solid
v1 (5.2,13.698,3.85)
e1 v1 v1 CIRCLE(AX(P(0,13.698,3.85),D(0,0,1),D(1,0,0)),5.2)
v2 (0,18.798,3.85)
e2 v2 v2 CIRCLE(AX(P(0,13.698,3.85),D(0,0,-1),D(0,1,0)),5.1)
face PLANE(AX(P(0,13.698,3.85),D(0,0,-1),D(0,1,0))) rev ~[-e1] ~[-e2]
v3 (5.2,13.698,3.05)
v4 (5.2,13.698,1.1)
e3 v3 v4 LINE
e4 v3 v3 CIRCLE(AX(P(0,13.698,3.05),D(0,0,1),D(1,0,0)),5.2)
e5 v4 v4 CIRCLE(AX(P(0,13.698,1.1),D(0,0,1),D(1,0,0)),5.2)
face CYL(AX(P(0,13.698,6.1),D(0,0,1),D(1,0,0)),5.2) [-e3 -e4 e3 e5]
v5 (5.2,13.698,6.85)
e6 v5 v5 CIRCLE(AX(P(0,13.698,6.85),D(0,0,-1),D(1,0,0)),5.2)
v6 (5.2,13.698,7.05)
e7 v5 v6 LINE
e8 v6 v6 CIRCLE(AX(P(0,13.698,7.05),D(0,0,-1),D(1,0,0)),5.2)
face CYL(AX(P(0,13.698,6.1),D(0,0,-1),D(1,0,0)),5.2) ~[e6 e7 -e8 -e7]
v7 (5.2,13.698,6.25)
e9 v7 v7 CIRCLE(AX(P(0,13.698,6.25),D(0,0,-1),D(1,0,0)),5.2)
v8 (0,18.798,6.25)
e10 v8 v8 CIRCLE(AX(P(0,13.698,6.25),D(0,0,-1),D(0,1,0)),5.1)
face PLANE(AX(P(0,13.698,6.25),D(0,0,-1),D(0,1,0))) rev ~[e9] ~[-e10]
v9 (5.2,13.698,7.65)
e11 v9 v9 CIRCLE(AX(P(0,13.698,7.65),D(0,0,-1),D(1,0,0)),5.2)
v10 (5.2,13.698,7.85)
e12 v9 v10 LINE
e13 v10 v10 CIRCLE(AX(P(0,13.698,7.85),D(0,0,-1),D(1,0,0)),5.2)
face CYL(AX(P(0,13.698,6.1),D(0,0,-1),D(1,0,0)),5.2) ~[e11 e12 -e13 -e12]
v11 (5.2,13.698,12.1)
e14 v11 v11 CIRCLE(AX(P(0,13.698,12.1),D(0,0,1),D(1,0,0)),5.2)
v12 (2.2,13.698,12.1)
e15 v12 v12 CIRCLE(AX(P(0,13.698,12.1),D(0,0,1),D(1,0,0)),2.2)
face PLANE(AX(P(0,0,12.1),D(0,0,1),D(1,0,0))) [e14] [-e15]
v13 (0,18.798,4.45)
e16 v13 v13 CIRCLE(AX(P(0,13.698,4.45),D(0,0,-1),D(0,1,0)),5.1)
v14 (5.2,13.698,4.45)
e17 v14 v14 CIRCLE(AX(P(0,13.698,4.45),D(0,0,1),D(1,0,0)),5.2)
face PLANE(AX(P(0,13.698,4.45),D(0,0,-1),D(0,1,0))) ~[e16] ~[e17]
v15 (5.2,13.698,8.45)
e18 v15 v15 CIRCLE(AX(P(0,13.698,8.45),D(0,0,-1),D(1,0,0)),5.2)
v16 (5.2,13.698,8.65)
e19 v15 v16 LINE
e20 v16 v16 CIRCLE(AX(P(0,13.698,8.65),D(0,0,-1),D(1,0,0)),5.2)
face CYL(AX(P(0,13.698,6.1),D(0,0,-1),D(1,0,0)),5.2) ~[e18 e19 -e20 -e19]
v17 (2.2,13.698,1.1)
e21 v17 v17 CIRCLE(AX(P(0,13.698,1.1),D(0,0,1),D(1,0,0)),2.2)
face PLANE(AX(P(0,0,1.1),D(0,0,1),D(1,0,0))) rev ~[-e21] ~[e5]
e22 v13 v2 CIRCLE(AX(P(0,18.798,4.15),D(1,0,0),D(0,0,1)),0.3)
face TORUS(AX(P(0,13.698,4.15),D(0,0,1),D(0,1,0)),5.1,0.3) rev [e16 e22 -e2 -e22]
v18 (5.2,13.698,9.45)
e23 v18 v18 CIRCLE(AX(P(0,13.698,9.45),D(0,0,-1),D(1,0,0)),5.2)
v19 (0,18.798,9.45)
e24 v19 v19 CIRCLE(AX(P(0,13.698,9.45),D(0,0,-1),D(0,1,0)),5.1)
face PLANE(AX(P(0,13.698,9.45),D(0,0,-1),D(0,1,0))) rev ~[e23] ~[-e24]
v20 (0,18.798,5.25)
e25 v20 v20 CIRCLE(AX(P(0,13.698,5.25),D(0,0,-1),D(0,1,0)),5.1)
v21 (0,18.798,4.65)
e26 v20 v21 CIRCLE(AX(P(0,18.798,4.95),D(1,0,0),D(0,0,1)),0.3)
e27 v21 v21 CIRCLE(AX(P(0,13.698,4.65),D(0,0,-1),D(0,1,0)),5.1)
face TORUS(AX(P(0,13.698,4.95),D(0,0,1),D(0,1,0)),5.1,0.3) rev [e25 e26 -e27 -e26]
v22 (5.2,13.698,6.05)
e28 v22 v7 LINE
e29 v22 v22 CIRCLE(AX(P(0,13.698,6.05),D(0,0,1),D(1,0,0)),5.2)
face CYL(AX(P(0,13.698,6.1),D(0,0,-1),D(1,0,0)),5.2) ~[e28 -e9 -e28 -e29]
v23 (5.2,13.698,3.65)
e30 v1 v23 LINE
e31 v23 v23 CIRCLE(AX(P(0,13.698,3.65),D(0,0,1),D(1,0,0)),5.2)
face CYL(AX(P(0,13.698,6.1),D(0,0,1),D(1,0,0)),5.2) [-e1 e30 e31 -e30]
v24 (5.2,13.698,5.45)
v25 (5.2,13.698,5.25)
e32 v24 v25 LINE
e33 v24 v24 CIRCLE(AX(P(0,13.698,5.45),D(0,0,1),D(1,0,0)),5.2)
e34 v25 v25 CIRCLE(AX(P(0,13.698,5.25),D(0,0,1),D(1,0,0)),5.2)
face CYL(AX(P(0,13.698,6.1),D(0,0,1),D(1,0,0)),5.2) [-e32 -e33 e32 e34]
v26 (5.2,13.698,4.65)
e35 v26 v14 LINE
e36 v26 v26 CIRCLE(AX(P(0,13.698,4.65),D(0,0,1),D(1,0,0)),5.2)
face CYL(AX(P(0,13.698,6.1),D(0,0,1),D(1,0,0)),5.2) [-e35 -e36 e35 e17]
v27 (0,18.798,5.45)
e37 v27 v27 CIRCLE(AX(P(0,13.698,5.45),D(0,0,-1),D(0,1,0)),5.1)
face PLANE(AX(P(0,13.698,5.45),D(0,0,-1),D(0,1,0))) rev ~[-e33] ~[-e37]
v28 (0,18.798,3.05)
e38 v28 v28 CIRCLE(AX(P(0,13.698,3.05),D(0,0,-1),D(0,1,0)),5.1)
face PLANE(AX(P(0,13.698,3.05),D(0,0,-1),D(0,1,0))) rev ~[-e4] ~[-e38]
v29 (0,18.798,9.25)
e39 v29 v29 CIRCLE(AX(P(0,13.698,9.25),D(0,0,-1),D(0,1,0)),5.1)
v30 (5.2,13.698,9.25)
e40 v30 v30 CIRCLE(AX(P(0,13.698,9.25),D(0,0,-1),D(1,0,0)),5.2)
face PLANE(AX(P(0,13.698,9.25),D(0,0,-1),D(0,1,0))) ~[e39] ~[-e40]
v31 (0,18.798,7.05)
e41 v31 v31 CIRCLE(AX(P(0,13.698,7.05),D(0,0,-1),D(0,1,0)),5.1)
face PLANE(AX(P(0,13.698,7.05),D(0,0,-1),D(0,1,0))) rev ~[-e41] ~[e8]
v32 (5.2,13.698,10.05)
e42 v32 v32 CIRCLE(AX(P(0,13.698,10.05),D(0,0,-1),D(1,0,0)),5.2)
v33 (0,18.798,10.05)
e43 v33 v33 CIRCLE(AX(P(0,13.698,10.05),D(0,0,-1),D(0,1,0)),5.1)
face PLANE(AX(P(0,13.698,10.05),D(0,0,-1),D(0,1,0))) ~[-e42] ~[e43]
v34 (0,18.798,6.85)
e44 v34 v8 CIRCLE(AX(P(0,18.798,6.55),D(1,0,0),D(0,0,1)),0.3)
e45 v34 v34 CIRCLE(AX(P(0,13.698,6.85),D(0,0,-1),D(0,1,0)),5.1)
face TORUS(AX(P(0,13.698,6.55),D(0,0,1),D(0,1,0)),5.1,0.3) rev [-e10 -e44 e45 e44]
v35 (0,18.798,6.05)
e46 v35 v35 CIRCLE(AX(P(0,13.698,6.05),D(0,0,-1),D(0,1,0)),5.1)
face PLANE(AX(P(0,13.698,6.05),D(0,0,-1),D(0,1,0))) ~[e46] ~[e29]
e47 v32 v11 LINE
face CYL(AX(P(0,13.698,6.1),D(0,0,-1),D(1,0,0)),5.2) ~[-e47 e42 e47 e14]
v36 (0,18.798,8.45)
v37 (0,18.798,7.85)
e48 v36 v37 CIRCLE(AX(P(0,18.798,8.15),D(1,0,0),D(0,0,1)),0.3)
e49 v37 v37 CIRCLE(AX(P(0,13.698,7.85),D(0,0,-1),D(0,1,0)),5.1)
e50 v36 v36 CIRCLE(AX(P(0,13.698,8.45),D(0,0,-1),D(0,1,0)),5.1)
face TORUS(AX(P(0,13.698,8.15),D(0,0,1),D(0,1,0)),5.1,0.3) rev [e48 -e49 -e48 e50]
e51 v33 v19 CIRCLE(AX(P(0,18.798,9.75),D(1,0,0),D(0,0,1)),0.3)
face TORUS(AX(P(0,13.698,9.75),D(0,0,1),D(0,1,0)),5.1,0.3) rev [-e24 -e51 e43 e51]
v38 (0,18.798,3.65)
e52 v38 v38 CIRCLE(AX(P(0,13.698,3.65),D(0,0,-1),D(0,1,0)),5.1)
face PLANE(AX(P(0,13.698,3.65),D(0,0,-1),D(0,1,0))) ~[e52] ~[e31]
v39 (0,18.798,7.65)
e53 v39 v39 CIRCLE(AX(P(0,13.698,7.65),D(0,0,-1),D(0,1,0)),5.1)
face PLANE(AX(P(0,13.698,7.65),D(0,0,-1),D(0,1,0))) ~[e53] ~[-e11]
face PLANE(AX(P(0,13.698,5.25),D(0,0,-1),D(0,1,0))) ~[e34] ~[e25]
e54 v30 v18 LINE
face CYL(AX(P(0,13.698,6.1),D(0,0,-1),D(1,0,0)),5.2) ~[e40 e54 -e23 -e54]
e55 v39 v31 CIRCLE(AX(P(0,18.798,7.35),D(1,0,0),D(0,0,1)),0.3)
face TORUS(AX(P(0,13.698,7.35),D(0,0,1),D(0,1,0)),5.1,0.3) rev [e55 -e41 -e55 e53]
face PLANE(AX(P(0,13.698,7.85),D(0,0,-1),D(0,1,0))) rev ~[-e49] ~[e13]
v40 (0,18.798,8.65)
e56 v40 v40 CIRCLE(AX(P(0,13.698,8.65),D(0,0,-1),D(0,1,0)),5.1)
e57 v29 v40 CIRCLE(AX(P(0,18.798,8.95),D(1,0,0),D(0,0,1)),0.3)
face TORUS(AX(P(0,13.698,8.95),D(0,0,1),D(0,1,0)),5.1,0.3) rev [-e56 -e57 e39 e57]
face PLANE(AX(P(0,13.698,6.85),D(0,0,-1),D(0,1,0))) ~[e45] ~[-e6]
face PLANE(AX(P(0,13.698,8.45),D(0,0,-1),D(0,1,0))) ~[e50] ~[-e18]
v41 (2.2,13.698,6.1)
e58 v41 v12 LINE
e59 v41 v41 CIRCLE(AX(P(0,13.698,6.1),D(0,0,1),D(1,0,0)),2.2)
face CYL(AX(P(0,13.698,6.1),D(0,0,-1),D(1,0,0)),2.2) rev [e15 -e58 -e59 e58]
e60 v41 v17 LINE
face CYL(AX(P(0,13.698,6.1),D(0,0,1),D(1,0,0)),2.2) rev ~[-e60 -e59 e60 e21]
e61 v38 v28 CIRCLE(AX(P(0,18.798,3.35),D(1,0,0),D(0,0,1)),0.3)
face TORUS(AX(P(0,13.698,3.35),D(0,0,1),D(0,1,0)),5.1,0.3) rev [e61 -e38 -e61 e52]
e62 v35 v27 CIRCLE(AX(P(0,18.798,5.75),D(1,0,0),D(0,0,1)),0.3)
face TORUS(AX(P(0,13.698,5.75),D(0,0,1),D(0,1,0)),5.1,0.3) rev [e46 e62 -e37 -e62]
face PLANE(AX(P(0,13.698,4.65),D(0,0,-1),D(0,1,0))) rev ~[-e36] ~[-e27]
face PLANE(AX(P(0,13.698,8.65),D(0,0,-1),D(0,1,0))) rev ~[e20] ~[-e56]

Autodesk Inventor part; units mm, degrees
ref_plane "YZ Plane" through (0, 0, 0) normal (1, 0, 0) x (0, 1, 0)
ref_plane "XZ Plane" through (0, 0, 0) normal (0, 1, 0) x (-1, 0, 0)
ref_plane "XY Plane" through (0, 0, 0) normal (0, 0, 1) x (1, 0, 0)
ref_plane "Work Plane1" through (0, 0, 6.1) normal (0, 0, 1) x (1, 0, 0)
sketch "Sketch1" plane through (0, 0, 6.1) normal (0, 0, 1) x (1, 0, 0)
  circle A0 centre (0, 13.698) radius 2 construction
  circle A1 centre (0, 13.698) radius 2.2
  circle A2 centre (0, 13.698) radius 5.2
  point P0 (0, 0)
  dimension "d0" = 4
  dimension "d1" = 0.2
  dimension "d2" = 3
extrude "Extrusion1" add sketch "Sketch1" along normal blind 6 and the other way blind 5
sketch "Sketch3" plane through (0, 0, 0) normal (1, 0, 0) x (0, 1, 0)
  line L0 (8, 9.65) -> (8, 9.85) construction
  line L1 (8, 3.25) -> (8, 3.45) construction
  line L2 (8, 9.75) -> (18.898, 9.75) construction
  line L3 (18.898, 1.1) -> (18.898, 12.1) construction
  arc A0 (18.798, 10.05) -> (18.798, 9.45) centre (18.798, 9.75) ccw
  line L4 (18.798, 10.05) -> (18.898, 10.05)
  line L5 (18.898, 10.05) -> (18.898, 9.45)
  line L6 (18.898, 9.45) -> (18.798, 9.45)
  arc A1 (18.798, 9.25) -> (18.798, 8.65) centre (18.798, 8.95) ccw
  line L7 (18.898, 8.65) -> (18.798, 8.65)
  line L8 (18.898, 9.25) -> (18.898, 8.65)
  line L9 (18.798, 9.25) -> (18.898, 9.25)
  arc A2 (18.798, 8.45) -> (18.798, 7.85) centre (18.798, 8.15) ccw
  line L10 (18.898, 7.85) -> (18.798, 7.85)
  line L11 (18.898, 8.45) -> (18.898, 7.85)
  line L12 (18.798, 8.45) -> (18.898, 8.45)
  arc A3 (18.798, 7.65) -> (18.798, 7.05) centre (18.798, 7.35) ccw
  line L13 (18.898, 7.05) -> (18.798, 7.05)
  line L14 (18.898, 7.65) -> (18.898, 7.05)
  line L15 (18.798, 7.65) -> (18.898, 7.65)
  arc A4 (18.798, 6.85) -> (18.798, 6.25) centre (18.798, 6.55) ccw
  line L16 (18.898, 6.25) -> (18.798, 6.25)
  line L17 (18.898, 6.85) -> (18.898, 6.25)
  line L18 (18.798, 6.85) -> (18.898, 6.85)
  arc A5 (18.798, 6.05) -> (18.798, 5.45) centre (18.798, 5.75) ccw
  line L19 (18.898, 5.45) -> (18.798, 5.45)
  line L20 (18.898, 6.05) -> (18.898, 5.45)
  line L21 (18.798, 6.05) -> (18.898, 6.05)
  arc A6 (18.798, 5.25) -> (18.798, 4.65) centre (18.798, 4.95) ccw
  line L22 (18.898, 4.65) -> (18.798, 4.65)
  line L23 (18.898, 5.25) -> (18.898, 4.65)
  line L24 (18.798, 5.25) -> (18.898, 5.25)
  arc A7 (18.798, 4.45) -> (18.798, 3.85) centre (18.798, 4.15) ccw
  line L25 (18.898, 3.85) -> (18.798, 3.85)
  line L26 (18.898, 4.45) -> (18.898, 3.85)
  line L27 (18.798, 4.45) -> (18.898, 4.45)
  arc A8 (18.798, 3.65) -> (18.798, 3.05) centre (18.798, 3.35) ccw
  line L28 (18.898, 3.05) -> (18.798, 3.05)
  line L29 (18.898, 3.65) -> (18.898, 3.05)
  line L30 (18.798, 3.65) -> (18.898, 3.65)
  line L31 (8, 3.35) -> (18.898, 3.35) construction
  line L32 (18.898, 12.1) -> (8.498, 12.1) projected
  line L33 (13.698, 12.1) -> (13.698, 1.1)
  point P0 (0, 0)
  dimension "d18" = 0.6
  dimension "d19" = 0.1
  dimension "d22" = 0.8
revolve "Revolution2" cut sketch "Sketch3" angle 360 about axis through (0, 13.698, 12.1) along (0, 0, -1)
sketch "Sketch2" plane through (0, 0, 0) normal (1, 0, 0) x (0, 1, 0)
  line L0 (8.498, 1.1) -> (18.898, 1.1) projected
  line L1 (18.898, 12.1) -> (8.498, 12.1) projected
  line L2 (18.898, 1.1) -> (18.898, 12.1) projected
  line L3 (18.898, 9.975) -> (17.898, 9.225)
  line L4 (17.898, 9.225) -> (17.898, 8.975)
  line L5 (17.898, 8.975) -> (18.898, 8.225)
  line L6 (18.898, 8.225) -> (18.898, 7.975)
  line L7 (18.898, 7.975) -> (17.898, 7.225)
  line L8 (17.898, 7.225) -> (17.898, 6.975)
  line L9 (17.898, 6.975) -> (18.898, 6.225)
  line L10 (18.898, 6.225) -> (18.898, 5.975)
  line L11 (18.898, 5.975) -> (17.898, 5.225)
  line L12 (17.898, 5.225) -> (17.898, 4.975)
  line L13 (17.898, 4.975) -> (18.898, 4.225)
  line L14 (18.898, 4.225) -> (18.898, 3.975)
  line L15 (18.898, 3.975) -> (17.898, 3.225)
  line L16 (17.898, 3.225) -> (17.898, 2.975)
  line L17 (17.898, 2.975) -> (18.898, 2.225)
  line L18 (8, 2.975) -> (8, 3.225) construction
  line L19 (8, 3.225) -> (7, 3.975) construction
  line L20 (7, 2.225) -> (8, 2.975) construction
  line L21 (8, 2.975) -> (17.898, 2.975) construction
  line L22 (8, 2.975) -> (17.898, 2.975) construction
  line L23 (8, 3.225) -> (16.4909, 3.225) construction
  line L24 (18.898, 9.975) -> (18.898, 8.225) construction
  line L25 (18.898, 7.975) -> (18.898, 6.225)
  line L26 (18.898, 5.975) -> (18.898, 4.225) construction
  line L27 (18.898, 3.975) -> (18.898, 2.225)
  line L28 (18.898, 12.1) -> (8.498, 12.1) construction
  line L29 (8.498, 1.1) -> (18.898, 1.1) construction
  line L30 (18.898, 5.975) -> (18.898, 4.225)
  line L31 (18.898, 2.2341) -> (18.898, 9.975)
  line L32 (18.898, 1.1) -> (8.498, 1.1) construction
  line L33 (13.698, 1.1) -> (13.698, 9.975) construction
  point P0 (0, 0)
  dimension "d7" = 0.25
  dimension "d8" = 0.25
  dimension "d9" = 0.25
  dimension "d10" = 0.25
  dimension "d11" = 0.25
  dimension "d12" = 0.25
  dimension "d13" = 0.25
  dimension "d14" = 1
  dimension "d15" = 2
  dimension "d16" = 0
properties part number "smaller"
